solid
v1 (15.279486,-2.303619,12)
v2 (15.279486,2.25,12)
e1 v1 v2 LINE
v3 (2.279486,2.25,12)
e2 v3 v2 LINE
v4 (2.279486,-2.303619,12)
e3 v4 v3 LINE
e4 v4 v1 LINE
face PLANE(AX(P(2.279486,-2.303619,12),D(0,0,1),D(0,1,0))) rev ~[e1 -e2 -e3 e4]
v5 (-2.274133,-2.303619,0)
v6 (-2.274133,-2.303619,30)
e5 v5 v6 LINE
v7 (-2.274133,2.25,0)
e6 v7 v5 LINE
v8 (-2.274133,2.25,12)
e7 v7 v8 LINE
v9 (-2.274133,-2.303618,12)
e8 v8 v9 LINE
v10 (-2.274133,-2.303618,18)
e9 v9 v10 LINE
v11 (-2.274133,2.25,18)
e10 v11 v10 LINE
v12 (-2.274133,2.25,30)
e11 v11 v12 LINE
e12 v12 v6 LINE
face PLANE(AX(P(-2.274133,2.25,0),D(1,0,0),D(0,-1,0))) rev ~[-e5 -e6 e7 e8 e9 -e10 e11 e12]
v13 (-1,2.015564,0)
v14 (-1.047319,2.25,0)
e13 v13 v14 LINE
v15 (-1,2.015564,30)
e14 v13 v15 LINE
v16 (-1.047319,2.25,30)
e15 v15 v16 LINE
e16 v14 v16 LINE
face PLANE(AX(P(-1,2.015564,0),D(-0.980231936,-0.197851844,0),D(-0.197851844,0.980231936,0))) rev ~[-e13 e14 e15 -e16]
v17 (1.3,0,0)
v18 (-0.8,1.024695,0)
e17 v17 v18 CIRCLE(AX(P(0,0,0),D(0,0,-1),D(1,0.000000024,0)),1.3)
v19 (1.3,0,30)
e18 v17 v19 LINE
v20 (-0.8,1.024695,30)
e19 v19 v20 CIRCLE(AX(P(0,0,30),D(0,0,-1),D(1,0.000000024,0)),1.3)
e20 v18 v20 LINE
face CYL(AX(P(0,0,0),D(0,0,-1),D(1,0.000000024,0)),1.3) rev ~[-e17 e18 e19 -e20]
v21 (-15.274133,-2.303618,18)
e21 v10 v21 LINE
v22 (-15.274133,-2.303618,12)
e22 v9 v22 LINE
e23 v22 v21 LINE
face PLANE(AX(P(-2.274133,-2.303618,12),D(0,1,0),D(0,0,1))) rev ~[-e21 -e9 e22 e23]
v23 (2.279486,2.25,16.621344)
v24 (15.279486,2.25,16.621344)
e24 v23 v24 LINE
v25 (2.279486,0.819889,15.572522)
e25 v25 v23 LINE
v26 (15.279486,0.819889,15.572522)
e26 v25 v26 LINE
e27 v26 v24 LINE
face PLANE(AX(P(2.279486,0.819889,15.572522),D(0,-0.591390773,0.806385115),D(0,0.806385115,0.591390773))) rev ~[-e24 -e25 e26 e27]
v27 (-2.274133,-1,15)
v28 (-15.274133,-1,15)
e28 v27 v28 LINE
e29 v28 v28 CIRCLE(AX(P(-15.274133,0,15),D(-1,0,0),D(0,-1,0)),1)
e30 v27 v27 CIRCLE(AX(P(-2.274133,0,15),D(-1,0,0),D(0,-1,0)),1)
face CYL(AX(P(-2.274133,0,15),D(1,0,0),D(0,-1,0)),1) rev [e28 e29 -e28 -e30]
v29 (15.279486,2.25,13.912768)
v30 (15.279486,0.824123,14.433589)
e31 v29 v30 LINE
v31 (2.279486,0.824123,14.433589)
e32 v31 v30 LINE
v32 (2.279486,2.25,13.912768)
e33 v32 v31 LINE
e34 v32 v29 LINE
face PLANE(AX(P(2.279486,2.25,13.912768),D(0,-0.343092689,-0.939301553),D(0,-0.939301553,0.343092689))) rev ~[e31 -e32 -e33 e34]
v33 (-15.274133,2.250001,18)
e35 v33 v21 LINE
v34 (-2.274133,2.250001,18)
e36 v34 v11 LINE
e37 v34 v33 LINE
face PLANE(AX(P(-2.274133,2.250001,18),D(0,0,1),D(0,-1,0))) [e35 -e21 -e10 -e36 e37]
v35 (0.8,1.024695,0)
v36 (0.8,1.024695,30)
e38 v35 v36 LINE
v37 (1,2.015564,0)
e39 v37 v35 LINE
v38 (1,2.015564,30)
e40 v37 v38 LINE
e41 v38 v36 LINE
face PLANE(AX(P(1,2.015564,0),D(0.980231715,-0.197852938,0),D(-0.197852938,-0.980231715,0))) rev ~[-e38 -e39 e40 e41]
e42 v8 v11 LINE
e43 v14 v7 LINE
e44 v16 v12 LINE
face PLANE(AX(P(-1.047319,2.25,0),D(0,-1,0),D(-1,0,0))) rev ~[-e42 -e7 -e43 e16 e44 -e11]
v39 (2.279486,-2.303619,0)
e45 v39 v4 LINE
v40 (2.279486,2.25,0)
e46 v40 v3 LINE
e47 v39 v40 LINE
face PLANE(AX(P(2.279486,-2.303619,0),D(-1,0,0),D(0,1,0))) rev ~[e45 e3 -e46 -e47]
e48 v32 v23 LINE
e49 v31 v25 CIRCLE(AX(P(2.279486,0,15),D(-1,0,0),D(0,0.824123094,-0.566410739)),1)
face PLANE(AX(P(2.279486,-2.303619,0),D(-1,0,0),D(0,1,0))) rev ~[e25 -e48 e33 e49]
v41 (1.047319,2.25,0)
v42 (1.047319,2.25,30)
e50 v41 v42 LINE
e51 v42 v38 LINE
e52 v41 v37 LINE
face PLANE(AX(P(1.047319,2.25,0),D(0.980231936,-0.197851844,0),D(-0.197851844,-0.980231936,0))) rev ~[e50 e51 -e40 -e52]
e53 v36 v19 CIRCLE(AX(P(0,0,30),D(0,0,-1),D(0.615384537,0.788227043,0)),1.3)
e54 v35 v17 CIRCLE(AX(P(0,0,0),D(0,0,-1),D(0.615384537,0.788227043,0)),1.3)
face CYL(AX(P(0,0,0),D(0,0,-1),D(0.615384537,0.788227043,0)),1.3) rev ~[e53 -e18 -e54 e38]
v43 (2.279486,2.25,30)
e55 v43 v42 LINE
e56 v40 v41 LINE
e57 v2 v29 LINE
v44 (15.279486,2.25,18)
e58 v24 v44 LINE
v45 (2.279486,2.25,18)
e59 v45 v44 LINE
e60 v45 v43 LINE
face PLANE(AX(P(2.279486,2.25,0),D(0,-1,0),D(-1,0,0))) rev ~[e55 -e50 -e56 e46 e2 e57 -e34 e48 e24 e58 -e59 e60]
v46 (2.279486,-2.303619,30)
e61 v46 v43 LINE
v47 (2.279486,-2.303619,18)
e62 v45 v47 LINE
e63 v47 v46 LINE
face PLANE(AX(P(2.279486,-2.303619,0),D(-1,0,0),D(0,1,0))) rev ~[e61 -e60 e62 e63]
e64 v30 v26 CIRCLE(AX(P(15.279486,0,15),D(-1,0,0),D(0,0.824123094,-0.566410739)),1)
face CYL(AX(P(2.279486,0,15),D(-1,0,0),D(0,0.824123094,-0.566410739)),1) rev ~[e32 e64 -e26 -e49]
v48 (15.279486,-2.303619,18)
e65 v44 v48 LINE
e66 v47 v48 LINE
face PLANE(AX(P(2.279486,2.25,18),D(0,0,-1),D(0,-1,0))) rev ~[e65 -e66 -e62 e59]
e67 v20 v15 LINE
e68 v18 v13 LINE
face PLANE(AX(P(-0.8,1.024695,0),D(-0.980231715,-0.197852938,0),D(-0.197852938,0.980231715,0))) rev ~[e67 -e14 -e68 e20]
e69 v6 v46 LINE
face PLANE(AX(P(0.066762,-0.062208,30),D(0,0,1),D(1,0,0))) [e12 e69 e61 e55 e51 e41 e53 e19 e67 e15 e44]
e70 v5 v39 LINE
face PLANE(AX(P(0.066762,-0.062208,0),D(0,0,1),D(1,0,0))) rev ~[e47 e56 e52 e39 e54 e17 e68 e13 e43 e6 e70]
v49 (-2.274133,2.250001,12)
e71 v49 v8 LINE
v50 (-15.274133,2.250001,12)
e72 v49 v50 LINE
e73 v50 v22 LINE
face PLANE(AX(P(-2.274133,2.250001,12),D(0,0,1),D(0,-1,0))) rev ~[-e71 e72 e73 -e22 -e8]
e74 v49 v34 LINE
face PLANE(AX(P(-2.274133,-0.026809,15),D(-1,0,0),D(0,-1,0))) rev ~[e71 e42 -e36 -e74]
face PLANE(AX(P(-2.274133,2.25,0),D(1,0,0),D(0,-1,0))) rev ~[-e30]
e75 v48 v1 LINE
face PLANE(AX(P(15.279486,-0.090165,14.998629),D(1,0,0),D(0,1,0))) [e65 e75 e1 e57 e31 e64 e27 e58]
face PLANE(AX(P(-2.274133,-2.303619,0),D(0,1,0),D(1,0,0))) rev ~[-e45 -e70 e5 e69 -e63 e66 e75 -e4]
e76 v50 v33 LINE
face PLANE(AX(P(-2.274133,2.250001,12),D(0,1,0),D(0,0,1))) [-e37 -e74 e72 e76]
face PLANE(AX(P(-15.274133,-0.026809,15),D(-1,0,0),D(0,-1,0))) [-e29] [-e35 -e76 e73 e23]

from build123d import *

# Parameters (mm, degrees)
F1_DEPTH = 30
F3_DEPTH = 13
F4_W     = 4.553619
F4_H     = 6
F4_R     = 1
F5_DEPTH = 13


with BuildPart() as f1:
    # F0 (on Top) → F1 (new body)
    with BuildSketch(Plane.XY):
        with BuildLine():
            ThreePointArc((0.8, 1.024695), (1.168332, 0.570088), (1.3, 0))
            ThreePointArc((1.3, 0), (-0.570088, -1.168332), (-0.8, 1.024695))
            Line((-0.8, 1.024695), (-1, 2.015564))
            ThreePointArc((-1, 2.015564), (-1.185854, -1.912132), (2.25, 0))
            ThreePointArc((2.25, 0), (1.912132, 1.185854), (1, 2.015564))
            Line((1, 2.015564), (0.8, 1.024695))
        make_face()
        with BuildLine():
            Line((1.047319, 2.25), (1, 2.015564))
            ThreePointArc((1, 2.015564), (1.912132, 1.185854), (2.25, 0))
            ThreePointArc((2.25, 0), (-1.185854, -1.912132), (-1, 2.015564))
            Line((-1, 2.015564), (-1.047319, 2.25))
            Line((-1.047319, 2.25), (-2.274133, 2.25))
            Line((-2.274133, 2.25), (-2.274133, -2.303619))
            Line((-2.274133, -2.303619), (2.279486, -2.303619))
            Line((2.279486, -2.303619), (2.279486, 2.25))
            Line((2.279486, 2.25), (1.047319, 2.25))
        make_face()
    extrude(amount=F1_DEPTH)

    # F2 (on face) → F3 (join)
    with BuildSketch(Plane.YZ.offset(2.279486)):
        with BuildLine():
            ThreePointArc((0.824123, 14.433589), (-0.999993, 14.996283), (0.819889, 15.572522))
            Line((0.819889, 15.572522), (2.25, 16.621344))
            Line((2.25, 16.621344), (2.25, 18))
            Line((2.25, 18), (-2.303619, 18))
            Line((-2.303619, 18), (-2.303619, 12))
            Line((-2.303619, 12), (2.25, 12))
            Line((2.25, 12), (2.25, 13.912768))
            Line((2.25, 13.912768), (0.824123, 14.433589))
        make_face()
    extrude(amount=F3_DEPTH)

    # F4 (on face) → F5 (join)
    with BuildSketch(Plane(origin=(-2.274133, 0, 0), x_dir=(0, -1, 0), z_dir=(-1, 0, 0))):
        with Locations((0.026809, 15)):
            Rectangle(F4_W, F4_H)
        with Locations((0, 15)):
            Circle(F4_R, mode=Mode.SUBTRACT)
    extrude(amount=F5_DEPTH)


solid = f1.part
